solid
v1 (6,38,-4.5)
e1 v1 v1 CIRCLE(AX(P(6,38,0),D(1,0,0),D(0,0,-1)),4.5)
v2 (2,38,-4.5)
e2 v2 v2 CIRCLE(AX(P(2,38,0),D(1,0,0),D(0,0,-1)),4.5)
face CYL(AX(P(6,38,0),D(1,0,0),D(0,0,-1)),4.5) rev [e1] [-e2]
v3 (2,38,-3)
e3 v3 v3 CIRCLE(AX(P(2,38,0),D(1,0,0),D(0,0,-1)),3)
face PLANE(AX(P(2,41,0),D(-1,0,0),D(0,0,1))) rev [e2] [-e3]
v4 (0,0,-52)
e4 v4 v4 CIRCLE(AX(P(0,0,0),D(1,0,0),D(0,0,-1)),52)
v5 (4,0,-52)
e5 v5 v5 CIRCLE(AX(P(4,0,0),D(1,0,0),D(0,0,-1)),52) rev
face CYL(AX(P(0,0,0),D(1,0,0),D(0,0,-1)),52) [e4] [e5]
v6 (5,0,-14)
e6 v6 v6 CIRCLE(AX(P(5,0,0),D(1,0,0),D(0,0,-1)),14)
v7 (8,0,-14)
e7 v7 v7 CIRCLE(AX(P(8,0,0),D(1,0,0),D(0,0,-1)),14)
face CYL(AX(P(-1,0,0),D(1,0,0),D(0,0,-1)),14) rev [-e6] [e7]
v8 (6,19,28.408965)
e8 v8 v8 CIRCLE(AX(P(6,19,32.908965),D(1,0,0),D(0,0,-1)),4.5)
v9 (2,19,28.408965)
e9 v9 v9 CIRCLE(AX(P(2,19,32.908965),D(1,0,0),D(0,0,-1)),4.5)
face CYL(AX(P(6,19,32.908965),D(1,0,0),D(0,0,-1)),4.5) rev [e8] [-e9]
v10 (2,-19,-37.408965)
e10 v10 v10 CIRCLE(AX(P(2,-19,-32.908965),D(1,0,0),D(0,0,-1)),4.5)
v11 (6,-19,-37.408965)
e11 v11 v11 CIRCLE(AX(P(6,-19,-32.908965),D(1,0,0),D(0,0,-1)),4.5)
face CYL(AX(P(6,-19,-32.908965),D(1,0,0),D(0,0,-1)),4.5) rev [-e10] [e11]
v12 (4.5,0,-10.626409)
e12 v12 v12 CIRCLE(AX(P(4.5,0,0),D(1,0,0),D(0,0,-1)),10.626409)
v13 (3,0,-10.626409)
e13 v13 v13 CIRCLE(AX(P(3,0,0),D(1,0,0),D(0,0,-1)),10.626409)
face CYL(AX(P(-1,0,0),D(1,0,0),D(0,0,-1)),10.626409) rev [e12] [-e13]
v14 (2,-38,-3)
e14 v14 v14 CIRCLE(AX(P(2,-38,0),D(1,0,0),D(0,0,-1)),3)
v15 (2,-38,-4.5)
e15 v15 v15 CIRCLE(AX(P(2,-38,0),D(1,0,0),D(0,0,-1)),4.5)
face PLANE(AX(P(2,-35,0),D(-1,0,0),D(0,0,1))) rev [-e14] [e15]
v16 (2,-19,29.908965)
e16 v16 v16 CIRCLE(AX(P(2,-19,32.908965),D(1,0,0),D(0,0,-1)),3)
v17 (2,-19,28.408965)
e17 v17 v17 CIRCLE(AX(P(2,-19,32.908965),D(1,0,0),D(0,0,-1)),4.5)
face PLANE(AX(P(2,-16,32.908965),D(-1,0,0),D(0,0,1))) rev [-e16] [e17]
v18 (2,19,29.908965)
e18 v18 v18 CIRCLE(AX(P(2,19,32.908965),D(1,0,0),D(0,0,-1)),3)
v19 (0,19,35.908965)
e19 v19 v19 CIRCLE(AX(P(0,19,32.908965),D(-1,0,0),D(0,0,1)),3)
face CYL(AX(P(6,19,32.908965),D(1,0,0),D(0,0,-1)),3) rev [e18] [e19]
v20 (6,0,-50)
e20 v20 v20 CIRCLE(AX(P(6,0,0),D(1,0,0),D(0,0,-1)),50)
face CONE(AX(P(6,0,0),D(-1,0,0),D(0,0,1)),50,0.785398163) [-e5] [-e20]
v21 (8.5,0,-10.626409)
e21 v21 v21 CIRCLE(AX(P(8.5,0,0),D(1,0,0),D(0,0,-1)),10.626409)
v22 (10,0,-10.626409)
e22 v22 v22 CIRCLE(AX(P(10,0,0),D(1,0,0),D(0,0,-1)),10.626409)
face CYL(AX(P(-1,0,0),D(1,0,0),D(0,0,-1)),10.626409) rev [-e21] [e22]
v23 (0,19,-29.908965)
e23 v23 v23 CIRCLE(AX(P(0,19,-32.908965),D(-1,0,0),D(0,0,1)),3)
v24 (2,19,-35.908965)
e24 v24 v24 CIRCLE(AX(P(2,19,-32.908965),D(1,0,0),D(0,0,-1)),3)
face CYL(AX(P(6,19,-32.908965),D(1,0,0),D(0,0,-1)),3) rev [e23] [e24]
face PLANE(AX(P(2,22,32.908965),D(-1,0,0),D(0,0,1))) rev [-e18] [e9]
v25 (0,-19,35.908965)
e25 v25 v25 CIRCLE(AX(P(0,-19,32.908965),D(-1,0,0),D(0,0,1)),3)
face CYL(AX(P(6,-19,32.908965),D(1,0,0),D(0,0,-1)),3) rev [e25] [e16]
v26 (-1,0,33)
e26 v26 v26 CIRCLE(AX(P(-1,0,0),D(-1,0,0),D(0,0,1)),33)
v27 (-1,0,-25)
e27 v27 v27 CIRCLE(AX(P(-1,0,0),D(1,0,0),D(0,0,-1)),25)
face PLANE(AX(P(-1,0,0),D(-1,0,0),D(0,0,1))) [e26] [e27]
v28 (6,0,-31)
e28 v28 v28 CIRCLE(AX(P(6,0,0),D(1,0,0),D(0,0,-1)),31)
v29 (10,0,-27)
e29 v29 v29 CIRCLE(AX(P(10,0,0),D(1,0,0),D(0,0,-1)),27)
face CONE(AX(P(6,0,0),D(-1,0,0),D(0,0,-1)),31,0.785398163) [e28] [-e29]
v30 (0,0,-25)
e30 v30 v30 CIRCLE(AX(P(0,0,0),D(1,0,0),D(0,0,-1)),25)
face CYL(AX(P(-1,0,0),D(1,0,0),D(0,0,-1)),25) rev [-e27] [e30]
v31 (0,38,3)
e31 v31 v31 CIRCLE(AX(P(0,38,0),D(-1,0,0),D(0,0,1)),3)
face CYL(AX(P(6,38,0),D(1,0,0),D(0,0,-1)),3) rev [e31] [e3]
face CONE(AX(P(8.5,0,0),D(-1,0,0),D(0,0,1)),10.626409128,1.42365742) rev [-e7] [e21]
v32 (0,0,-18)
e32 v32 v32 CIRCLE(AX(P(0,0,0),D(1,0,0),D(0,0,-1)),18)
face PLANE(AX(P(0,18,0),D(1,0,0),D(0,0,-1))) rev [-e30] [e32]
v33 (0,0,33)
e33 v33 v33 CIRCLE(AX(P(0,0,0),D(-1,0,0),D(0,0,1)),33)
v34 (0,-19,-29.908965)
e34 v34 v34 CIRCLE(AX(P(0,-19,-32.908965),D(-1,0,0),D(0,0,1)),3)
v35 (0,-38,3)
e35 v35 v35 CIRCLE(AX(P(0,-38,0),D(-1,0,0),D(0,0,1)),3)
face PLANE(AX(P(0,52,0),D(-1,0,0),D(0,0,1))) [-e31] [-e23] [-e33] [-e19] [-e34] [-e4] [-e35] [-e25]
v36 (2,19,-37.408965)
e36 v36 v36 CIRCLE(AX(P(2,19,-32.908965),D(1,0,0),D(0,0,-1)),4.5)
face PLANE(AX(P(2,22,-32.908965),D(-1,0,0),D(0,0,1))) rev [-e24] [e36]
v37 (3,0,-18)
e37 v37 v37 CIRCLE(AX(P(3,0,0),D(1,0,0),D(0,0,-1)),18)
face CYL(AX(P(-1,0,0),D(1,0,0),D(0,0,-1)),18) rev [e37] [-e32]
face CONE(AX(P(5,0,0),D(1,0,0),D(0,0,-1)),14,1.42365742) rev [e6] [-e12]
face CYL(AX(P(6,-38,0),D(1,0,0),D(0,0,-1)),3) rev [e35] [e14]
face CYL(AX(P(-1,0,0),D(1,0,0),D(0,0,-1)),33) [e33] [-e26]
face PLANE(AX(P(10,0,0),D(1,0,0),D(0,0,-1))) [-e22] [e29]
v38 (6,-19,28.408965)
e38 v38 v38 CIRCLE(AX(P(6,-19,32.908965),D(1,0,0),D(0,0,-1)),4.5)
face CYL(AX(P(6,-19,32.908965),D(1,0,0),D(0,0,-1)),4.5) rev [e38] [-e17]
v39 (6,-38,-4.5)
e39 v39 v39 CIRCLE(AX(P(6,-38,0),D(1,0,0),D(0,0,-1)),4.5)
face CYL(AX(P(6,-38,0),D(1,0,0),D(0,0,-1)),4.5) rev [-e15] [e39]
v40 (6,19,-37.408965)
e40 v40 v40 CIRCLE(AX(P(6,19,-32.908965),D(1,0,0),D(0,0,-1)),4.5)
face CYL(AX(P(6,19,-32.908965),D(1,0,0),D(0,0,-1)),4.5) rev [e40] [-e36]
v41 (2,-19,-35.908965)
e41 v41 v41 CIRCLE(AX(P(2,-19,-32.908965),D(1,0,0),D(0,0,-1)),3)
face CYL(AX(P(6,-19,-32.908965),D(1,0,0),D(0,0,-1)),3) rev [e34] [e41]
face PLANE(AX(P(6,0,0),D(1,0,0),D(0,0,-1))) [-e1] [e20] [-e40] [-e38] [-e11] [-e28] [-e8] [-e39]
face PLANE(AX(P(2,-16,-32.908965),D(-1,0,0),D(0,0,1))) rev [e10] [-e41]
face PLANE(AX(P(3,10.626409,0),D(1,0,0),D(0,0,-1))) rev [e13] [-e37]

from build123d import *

# Parameters (mm, degrees)
SKETCH_1_W                = 6
SKETCH_1_H                = 52
SKETCH_2_R                = 31
EXTRUDE_1_DEPTH           = 4
EXTRUDE_1_TAPER           = 45
SKETCH_3_R                = 33
EXTRUDE_2_DEPTH           = 1
HOLE_WIZARD_1_D           = 6
HOLE_WIZARD_1_DEPTH       = 7
HOLE_WIZARD_1_CBORE_D     = 9
HOLE_WIZARD_1_CBORE_DEPTH = 4
CHAMFER_1_SIZE            = 2


with BuildPart() as part:
    # Эскиз1 → Повернуть1 (revolve)
    with BuildSketch(Plane.XY, mode=Mode.PRIVATE) as revolve_1_sk:
        with Locations((3, 26)):
            Rectangle(SKETCH_1_W, SKETCH_1_H)
    revolve(revolve_1_sk.sketch.rotate(Axis((0, 0, 0), (1, 0, 0)), 270), axis=Axis((0, 0, 0), (1, 0, 0)))

    # Эскиз2 → Бобышка-Вытянуть1 (add)
    with BuildSketch(Plane(origin=(6, 0, 0), x_dir=(0, 0, -1), z_dir=(1, 0, 0))):
        Circle(SKETCH_2_R)
    extrude(amount=EXTRUDE_1_DEPTH, taper=EXTRUDE_1_TAPER)

    # Эскиз3 → Бобышка-Вытянуть2 (add)
    with BuildSketch(Plane.ZY):
        Circle(SKETCH_3_R)
    extrude(amount=EXTRUDE_2_DEPTH)

    # Эскиз4 → Вырез-Повернуть1 (revolve, cut)
    with BuildSketch(Plane.XY, mode=Mode.PRIVATE) as cut_revolve_1_sk:
        Polygon((-1, 25), (-1, 0), (10, 0), (10, 10.626409128), (8.5, 10.626409128), (8, 14), (5, 14), (4.5, 10.626409128), (3, 10.626409128), (3, 18), (0, 18), (0, 25), align=None)
    revolve(cut_revolve_1_sk.sketch.rotate(Axis((-1, 0, 0), (1, 0, 0)), 270), axis=Axis((-1, 0, 0), (1, 0, 0)), mode=Mode.SUBTRACT)

    # Отверстие1
    with Locations(Plane(origin=(6, 0, 0), x_dir=(0, 0, -1), z_dir=(1, 0, 0))):
        with Locations((32.908965344, -19), (0, -38), (-32.908965344, -19), (-32.908965344, 19), (0, 38), (32.908965344, 19)):
            CounterBoreHole(HOLE_WIZARD_1_D / 2, HOLE_WIZARD_1_CBORE_D / 2, HOLE_WIZARD_1_CBORE_DEPTH, depth=HOLE_WIZARD_1_DEPTH)

    # Фаска1
    chamfer_1_edges = [part.edges().sort_by_distance(p)[0] for p in [
        (6, 0, 52),
    ]]
    chamfer(chamfer_1_edges, length=CHAMFER_1_SIZE)


solid = part.part
